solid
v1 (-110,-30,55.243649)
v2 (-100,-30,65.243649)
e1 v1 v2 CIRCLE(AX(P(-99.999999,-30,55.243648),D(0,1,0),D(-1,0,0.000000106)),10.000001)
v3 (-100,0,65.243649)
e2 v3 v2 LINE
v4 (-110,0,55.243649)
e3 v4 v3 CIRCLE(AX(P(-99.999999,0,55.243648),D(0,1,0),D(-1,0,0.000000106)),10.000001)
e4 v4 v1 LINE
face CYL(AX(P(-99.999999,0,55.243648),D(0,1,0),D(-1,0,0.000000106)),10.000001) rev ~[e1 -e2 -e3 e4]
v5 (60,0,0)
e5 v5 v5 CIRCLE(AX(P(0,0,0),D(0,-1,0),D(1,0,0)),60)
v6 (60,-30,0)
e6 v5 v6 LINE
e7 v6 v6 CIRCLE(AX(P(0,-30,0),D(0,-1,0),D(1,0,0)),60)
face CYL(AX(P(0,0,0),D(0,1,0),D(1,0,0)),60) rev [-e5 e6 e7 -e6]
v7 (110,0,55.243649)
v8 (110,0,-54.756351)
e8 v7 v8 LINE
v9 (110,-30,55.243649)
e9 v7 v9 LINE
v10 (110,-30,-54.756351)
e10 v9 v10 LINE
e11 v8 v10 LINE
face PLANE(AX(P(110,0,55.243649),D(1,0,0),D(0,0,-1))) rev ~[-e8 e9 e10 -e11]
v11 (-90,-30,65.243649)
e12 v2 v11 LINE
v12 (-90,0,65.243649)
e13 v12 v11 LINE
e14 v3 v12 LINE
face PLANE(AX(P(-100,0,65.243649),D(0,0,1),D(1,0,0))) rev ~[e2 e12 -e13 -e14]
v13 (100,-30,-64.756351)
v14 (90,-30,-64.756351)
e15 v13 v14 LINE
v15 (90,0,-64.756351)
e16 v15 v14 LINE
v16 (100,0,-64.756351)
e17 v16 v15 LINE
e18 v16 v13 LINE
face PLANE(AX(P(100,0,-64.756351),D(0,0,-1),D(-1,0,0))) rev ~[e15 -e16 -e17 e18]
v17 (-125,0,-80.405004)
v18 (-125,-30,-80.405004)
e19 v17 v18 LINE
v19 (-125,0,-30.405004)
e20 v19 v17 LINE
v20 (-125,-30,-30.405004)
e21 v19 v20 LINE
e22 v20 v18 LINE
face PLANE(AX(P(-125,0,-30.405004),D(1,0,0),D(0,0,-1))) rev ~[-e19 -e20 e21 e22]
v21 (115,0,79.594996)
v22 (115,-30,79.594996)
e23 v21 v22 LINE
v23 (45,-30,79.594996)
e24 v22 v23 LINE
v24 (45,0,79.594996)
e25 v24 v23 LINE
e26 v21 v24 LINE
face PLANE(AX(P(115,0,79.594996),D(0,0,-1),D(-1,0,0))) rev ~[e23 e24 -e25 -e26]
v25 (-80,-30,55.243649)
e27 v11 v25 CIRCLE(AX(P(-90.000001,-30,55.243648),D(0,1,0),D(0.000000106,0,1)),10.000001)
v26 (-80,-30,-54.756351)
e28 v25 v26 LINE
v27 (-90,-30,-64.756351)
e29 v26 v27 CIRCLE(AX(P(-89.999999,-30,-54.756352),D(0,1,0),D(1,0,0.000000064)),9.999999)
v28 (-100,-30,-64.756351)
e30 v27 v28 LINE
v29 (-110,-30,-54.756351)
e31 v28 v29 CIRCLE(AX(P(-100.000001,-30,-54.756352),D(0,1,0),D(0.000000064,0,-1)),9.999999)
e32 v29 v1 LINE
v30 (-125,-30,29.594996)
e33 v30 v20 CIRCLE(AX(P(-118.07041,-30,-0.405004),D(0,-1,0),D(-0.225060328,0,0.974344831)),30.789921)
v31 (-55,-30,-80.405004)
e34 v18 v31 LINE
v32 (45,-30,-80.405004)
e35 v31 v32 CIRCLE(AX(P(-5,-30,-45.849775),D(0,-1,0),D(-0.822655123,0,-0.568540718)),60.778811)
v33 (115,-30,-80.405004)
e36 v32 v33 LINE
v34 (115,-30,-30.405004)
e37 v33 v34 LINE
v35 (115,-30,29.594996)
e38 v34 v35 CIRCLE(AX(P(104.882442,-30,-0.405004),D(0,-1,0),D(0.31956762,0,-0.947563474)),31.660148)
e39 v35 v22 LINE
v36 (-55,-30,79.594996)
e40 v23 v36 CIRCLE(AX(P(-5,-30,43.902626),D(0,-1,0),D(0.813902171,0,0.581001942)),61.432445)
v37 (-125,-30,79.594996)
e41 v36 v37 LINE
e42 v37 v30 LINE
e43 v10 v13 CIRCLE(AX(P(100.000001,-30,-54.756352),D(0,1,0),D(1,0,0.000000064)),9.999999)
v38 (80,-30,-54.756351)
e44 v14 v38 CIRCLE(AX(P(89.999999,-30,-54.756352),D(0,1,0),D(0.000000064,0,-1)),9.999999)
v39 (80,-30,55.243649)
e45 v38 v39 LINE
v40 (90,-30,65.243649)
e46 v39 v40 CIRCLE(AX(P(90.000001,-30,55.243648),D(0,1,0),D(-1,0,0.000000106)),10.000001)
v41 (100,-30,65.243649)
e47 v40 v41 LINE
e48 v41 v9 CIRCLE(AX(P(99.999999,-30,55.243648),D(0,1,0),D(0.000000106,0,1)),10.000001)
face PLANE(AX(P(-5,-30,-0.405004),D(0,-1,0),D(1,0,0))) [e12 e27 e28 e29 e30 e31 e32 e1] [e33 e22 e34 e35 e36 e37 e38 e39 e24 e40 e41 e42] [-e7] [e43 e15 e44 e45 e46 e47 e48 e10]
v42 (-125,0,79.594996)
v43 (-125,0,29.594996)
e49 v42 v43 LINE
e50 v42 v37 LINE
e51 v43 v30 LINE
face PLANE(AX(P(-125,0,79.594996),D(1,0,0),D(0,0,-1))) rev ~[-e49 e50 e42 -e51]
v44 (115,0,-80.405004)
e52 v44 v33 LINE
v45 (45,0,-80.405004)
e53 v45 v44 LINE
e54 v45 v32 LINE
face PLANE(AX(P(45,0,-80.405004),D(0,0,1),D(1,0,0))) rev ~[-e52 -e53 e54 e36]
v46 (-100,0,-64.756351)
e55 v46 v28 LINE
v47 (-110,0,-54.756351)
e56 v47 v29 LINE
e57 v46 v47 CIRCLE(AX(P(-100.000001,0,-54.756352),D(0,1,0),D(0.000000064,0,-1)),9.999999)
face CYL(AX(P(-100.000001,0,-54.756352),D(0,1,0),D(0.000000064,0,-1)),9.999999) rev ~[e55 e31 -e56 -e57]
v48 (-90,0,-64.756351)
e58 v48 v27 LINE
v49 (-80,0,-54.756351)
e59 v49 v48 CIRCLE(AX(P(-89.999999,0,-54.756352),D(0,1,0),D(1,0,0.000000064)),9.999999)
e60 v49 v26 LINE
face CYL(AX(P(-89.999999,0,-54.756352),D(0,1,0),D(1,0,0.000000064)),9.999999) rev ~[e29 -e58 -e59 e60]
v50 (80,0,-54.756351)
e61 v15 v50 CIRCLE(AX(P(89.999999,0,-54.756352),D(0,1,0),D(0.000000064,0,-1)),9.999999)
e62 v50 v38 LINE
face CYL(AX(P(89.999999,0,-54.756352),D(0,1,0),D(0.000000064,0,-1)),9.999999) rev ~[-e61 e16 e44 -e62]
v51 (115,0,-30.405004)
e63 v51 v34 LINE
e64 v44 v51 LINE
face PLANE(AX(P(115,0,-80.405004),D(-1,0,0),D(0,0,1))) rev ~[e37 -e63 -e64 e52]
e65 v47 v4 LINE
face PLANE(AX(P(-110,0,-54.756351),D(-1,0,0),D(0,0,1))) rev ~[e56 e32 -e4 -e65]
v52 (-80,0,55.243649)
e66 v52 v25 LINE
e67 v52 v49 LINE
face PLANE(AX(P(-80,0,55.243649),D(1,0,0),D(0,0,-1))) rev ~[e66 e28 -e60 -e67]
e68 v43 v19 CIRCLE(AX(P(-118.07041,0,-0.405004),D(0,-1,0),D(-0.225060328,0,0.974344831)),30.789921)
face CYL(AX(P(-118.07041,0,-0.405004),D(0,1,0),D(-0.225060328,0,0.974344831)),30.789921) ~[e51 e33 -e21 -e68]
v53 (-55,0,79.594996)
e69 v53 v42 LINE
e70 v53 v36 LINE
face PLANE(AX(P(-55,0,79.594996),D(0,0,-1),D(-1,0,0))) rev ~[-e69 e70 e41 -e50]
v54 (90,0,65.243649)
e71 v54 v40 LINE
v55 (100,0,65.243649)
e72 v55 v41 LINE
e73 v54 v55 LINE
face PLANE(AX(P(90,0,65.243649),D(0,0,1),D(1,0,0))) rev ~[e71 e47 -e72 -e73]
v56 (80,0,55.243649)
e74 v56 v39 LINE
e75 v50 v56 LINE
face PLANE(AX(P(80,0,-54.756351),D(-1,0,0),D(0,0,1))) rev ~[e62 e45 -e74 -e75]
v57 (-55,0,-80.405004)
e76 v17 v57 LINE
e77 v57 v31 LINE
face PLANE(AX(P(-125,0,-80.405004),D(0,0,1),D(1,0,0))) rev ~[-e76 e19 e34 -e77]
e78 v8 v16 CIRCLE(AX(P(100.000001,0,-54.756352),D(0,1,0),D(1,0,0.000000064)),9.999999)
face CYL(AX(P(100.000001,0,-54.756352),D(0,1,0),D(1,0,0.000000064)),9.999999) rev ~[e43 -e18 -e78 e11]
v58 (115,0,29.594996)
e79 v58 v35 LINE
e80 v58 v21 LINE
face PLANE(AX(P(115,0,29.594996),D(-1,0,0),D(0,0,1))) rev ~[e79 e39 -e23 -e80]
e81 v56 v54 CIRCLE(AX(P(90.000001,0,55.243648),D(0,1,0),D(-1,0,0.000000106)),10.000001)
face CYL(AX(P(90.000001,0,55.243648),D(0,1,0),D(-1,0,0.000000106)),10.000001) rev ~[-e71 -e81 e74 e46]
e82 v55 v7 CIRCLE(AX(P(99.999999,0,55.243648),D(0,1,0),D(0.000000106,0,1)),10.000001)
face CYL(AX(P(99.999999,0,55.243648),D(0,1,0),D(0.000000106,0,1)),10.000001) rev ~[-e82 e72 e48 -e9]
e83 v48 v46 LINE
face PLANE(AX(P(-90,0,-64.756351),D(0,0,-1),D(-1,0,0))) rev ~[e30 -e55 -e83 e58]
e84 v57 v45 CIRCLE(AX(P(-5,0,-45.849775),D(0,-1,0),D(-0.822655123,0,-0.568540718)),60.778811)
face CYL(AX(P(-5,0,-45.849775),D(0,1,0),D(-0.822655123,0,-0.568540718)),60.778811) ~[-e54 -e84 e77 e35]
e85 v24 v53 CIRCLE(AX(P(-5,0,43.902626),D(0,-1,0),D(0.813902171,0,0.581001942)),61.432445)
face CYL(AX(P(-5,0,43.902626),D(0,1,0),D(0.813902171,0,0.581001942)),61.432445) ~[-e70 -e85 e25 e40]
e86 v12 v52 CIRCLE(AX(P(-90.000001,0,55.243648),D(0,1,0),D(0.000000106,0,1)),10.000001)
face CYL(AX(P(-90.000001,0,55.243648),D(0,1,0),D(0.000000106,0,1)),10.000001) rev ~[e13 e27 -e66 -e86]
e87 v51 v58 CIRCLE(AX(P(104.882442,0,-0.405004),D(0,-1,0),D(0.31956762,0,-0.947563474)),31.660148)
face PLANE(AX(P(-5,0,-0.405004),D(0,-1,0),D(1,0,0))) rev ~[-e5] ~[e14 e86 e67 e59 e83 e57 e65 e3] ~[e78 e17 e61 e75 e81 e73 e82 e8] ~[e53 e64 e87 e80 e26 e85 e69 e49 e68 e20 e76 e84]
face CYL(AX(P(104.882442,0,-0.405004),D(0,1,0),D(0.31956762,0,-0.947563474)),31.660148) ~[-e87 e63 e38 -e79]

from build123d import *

# Parameters (mm, degrees)
F0_R     = 60
F1_DEPTH = 30


with BuildPart() as f1:
    # F0 (on Front) → F1 (new body)
    with BuildSketch(Plane.XZ):
        Polygon((-55, 79.594996), (-125, 79.594996), (-125, 29.594996), (-125, -30.405004), (-125, -80.405004), (-55, -80.405004), (45, -80.405004), (115, -80.405004), (115, -30.405004), (115, 29.594996), (115, 79.594996), (45, 79.594996), align=None)
        with BuildLine():
            ThreePointArc((-110, 55.243649), (-107.071068, 62.314716), (-100, 65.243649))
            Line((-100, 65.243649), (-90, 65.243649))
            ThreePointArc((-90, 65.243649), (-82.928932, 62.314716), (-80, 55.243649))
            Line((-80, 55.243649), (-80, -54.756351))
            ThreePointArc((-80, -54.756351), (-82.928932, -61.827419), (-90, -64.756351))
            Line((-90, -64.756351), (-100, -64.756351))
            ThreePointArc((-100, -64.756351), (-107.071068, -61.827419), (-110, -54.756351))
            Line((-110, -54.756351), (-110, 55.243649))
        make_face(mode=Mode.SUBTRACT)
        Circle(F0_R, mode=Mode.SUBTRACT)
        with BuildLine():
            ThreePointArc((80, 55.243649), (82.928932, 62.314716), (90, 65.243649))
            Line((90, 65.243649), (100, 65.243649))
            ThreePointArc((100, 65.243649), (107.071068, 62.314716), (110, 55.243649))
            Line((110, 55.243649), (110, -54.756351))
            ThreePointArc((110, -54.756351), (107.071068, -61.827419), (100, -64.756351))
            Line((100, -64.756351), (90, -64.756351))
            ThreePointArc((90, -64.756351), (82.928932, -61.827419), (80, -54.756351))
            Line((80, -54.756351), (80, 55.243649))
        make_face(mode=Mode.SUBTRACT)
        with BuildLine():
            Line((-125, -30.405004), (-125, 29.594996))
            ThreePointArc((-125, 29.594996), (-148.860331, -0.405004), (-125, -30.405004))
        make_face()
        with BuildLine():
            ThreePointArc((45, 79.594996), (-5, 105.335071), (-55, 79.594996))
            Line((-55, 79.594996), (45, 79.594996))
        make_face()
        with BuildLine():
            Line((45, -80.405004), (-55, -80.405004))
            ThreePointArc((-55, -80.405004), (-5, -106.628586), (45, -80.405004))
        make_face()
        with BuildLine():
            ThreePointArc((115, -30.405004), (136.54259, -0.405004), (115, 29.594996))
            Line((115, 29.594996), (115, -30.405004))
        make_face()
    extrude(amount=F1_DEPTH)


solid = f1.part
